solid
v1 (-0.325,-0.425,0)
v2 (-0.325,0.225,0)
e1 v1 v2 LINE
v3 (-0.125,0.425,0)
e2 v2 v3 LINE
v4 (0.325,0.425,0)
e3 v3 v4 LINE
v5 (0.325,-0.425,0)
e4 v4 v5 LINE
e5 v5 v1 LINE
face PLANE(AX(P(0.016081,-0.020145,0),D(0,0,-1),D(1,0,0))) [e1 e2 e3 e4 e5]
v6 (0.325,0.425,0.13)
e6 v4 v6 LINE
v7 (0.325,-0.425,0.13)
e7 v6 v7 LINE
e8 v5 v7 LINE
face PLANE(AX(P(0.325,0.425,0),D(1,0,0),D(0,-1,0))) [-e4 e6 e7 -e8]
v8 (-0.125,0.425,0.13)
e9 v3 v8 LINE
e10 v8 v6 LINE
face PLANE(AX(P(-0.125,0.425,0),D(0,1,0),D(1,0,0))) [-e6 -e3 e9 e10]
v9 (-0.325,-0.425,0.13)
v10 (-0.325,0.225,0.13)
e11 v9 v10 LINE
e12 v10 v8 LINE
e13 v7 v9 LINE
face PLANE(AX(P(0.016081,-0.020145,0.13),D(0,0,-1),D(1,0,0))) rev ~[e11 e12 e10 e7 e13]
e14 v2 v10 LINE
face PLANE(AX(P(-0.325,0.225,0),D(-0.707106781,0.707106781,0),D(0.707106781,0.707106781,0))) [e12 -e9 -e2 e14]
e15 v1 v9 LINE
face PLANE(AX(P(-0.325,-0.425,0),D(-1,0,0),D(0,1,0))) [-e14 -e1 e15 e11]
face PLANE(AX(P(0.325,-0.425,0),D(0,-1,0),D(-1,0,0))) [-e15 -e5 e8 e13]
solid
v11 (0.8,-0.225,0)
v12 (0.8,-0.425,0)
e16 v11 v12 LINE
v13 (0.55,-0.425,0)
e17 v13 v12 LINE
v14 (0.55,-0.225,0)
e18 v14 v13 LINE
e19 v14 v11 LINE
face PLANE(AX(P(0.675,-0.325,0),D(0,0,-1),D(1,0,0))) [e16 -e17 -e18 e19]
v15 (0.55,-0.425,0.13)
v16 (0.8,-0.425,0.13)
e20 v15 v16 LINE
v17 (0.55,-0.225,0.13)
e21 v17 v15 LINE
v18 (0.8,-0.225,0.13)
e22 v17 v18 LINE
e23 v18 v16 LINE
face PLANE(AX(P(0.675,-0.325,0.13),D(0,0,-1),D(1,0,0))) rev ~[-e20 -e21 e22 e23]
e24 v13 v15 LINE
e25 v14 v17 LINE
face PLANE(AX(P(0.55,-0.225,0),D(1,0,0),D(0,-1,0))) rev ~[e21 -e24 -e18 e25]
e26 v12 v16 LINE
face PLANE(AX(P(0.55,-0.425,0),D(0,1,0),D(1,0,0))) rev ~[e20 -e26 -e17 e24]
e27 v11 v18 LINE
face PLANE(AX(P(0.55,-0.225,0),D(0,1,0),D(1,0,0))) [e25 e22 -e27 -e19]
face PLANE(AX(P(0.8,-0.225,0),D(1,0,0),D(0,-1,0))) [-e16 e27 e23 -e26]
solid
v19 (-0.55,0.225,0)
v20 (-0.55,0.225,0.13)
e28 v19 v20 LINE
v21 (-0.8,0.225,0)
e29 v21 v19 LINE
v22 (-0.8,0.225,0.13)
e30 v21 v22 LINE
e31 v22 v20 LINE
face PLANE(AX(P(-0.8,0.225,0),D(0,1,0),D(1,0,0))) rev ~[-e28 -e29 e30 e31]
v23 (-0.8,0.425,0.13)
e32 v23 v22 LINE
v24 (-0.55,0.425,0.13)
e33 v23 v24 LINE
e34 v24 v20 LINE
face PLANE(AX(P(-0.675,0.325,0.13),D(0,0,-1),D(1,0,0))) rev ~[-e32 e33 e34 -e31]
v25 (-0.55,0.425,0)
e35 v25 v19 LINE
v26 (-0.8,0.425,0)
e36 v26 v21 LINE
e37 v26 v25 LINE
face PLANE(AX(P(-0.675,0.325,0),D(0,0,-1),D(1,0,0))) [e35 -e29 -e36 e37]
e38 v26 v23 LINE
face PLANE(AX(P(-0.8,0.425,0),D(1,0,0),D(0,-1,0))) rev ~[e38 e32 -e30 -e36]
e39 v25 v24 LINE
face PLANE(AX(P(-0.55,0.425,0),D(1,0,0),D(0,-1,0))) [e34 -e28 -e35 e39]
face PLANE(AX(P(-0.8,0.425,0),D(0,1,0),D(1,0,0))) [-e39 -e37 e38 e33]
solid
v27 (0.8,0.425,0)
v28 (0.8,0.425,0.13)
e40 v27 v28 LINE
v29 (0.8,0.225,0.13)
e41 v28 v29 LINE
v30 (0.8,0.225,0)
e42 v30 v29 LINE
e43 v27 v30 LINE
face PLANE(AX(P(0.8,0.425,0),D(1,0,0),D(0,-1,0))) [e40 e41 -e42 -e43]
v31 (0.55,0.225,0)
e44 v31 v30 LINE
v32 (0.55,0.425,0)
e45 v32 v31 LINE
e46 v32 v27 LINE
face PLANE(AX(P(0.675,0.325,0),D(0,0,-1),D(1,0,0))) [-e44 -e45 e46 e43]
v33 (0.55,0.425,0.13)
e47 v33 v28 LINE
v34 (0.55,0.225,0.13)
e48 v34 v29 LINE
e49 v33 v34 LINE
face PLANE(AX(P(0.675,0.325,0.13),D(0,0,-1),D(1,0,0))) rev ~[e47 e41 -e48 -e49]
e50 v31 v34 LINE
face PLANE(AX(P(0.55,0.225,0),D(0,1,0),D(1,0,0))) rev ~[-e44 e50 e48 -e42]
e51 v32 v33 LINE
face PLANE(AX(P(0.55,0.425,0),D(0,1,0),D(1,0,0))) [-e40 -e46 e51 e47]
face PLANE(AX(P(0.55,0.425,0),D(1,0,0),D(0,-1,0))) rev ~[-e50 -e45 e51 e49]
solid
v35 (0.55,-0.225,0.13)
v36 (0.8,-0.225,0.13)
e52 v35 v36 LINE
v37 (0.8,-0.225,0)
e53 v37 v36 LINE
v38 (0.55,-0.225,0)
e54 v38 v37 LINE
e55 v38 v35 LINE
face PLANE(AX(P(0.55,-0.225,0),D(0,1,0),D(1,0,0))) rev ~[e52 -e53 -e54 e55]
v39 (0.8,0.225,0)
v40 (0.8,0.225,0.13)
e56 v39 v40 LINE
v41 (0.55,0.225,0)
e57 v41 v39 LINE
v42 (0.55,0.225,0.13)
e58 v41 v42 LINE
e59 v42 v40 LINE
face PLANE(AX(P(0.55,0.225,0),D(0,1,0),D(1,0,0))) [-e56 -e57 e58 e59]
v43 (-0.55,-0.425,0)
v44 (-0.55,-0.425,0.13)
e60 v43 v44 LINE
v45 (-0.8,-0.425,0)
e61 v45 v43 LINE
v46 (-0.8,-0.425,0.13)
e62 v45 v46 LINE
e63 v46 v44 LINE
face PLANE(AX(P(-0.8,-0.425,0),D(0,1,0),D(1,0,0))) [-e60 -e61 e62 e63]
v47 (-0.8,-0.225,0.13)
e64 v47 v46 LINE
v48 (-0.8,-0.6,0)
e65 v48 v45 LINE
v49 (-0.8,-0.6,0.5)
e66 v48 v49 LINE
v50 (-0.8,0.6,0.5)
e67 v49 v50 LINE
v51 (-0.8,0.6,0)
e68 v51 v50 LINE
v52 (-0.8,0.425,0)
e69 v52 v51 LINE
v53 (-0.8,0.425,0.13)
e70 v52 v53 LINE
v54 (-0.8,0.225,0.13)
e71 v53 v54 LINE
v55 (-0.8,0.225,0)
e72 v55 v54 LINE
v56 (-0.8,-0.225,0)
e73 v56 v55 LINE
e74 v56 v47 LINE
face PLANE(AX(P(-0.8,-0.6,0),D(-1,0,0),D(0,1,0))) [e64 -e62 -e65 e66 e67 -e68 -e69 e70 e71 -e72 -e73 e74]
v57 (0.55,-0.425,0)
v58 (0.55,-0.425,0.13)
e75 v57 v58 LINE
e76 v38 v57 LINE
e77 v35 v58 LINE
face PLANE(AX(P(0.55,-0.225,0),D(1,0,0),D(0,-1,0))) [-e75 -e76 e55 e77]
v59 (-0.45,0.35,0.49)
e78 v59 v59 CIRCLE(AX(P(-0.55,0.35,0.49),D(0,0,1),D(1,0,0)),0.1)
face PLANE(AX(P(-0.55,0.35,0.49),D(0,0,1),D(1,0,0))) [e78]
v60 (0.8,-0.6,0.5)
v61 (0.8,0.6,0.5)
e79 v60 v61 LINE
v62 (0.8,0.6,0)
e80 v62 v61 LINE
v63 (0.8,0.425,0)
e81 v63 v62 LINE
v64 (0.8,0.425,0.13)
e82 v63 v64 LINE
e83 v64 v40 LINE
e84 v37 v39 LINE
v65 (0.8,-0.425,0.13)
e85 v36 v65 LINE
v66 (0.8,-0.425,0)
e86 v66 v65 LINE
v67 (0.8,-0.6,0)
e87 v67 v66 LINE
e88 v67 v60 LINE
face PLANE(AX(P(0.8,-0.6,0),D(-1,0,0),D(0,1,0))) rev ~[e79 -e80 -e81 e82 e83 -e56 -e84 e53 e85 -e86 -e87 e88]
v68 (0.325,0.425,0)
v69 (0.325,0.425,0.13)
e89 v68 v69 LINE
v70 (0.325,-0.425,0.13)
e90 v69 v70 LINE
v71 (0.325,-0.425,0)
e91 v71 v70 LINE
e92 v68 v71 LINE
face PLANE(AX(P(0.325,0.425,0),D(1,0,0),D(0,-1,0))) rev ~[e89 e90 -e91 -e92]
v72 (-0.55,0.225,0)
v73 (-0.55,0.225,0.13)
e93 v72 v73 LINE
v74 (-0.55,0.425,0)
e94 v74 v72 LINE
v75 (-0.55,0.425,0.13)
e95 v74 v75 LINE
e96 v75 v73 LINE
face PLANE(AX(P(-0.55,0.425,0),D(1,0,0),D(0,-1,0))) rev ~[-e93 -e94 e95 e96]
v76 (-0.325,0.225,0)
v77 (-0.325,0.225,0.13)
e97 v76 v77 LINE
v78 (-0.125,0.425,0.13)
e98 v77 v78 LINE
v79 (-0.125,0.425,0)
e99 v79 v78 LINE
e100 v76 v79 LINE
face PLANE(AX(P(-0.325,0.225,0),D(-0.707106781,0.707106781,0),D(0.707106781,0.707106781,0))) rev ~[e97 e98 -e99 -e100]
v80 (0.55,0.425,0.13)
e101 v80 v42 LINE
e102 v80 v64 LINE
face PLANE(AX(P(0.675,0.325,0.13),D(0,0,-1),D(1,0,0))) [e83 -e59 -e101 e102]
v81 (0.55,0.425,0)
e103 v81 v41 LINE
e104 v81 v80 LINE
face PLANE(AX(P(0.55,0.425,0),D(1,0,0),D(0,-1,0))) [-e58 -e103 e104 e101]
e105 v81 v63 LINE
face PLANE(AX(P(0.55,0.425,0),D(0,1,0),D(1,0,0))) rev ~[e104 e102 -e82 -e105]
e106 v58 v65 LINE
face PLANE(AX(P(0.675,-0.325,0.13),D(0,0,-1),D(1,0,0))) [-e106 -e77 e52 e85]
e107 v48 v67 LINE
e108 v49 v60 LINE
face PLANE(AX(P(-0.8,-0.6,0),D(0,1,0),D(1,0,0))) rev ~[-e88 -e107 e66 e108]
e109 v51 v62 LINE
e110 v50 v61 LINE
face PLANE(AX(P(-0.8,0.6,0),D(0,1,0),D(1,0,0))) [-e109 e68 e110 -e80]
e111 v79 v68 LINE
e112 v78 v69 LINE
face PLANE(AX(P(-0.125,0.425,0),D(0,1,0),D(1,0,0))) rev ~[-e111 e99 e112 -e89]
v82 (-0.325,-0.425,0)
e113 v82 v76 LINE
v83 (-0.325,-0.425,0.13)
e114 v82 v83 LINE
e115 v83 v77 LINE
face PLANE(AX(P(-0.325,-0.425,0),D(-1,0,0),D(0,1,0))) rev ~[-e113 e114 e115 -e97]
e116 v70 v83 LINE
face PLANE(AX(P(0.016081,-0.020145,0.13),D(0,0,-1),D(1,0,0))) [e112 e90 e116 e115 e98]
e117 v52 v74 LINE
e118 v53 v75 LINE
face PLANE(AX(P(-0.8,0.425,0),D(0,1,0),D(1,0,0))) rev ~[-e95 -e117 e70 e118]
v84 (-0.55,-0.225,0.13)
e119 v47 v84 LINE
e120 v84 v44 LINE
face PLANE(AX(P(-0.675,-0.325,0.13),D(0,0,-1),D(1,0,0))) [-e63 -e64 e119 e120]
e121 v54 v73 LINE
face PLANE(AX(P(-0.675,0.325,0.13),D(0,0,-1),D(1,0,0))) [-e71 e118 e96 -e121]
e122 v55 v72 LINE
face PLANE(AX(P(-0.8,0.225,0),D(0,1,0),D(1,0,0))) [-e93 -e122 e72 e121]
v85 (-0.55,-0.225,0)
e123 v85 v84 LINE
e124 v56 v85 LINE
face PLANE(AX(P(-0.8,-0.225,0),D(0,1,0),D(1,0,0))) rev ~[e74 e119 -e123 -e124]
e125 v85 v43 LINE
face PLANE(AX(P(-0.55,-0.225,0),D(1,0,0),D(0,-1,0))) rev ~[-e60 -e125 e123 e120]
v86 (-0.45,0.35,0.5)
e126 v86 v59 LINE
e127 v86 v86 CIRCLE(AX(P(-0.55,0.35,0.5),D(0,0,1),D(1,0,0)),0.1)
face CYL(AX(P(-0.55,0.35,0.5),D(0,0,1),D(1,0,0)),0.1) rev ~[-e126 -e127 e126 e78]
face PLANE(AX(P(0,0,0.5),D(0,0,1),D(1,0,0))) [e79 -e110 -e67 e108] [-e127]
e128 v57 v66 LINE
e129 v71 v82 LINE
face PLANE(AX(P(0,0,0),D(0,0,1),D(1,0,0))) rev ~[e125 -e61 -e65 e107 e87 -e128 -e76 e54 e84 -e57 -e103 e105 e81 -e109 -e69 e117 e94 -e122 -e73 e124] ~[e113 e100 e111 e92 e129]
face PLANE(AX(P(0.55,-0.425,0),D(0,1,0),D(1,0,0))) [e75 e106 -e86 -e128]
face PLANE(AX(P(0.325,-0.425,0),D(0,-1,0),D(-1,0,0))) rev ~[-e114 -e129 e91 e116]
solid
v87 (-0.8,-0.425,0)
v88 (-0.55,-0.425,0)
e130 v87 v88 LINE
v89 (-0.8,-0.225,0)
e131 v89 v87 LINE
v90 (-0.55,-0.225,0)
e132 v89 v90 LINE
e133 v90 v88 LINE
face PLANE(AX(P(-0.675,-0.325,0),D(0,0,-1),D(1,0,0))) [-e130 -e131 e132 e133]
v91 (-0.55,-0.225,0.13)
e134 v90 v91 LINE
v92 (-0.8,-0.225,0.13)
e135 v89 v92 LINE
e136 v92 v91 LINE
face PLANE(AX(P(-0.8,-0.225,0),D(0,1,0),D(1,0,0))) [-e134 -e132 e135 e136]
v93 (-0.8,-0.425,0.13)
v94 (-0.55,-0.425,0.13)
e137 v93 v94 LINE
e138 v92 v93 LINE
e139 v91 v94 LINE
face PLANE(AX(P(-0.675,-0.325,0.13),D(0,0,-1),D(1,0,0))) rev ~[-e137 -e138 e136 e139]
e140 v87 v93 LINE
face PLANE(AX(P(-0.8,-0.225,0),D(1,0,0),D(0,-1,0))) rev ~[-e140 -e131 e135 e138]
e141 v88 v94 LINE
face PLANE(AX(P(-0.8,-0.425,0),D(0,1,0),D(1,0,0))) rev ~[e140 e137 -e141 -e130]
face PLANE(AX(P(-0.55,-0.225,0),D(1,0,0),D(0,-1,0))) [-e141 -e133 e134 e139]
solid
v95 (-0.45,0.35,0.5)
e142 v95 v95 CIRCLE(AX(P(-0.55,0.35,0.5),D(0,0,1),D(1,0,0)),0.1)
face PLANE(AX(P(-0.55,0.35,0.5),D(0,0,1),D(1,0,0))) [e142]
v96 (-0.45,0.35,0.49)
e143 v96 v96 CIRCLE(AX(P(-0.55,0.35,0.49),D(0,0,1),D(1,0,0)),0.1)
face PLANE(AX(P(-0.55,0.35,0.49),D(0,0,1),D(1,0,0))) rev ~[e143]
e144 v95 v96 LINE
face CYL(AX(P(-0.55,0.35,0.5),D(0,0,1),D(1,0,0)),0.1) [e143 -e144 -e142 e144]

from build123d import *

# Parameters (mm, degrees)
F0_W     = 1.6
F0_H     = 1.2
F1_DEPTH = 0.5
F2_W     = 0.25
F2_H     = 0.2
F3_DEPTH = 0.13
F5_R     = 0.1
F6_DEPTH = 0.01


with BuildPart() as f1:
    # F0 (on Top) → F1 (new body)
    with BuildSketch(Plane.XY):
        Rectangle(F0_W, F0_H)
    extrude(amount=F1_DEPTH)


with BuildPart() as f3:
    # F2 (on face) → F3 (new body)
    with BuildSketch(Plane(origin=(0, 0, 0), x_dir=(1, 0, 0), z_dir=(0, 0, -1))):
        with Locations((-0.675, 0.325)):
            Rectangle(F2_W, F2_H)
        with Locations((-0.675, -0.325)):
            Rectangle(F2_W, F2_H)
        with Locations((0.675, 0.325)):
            Rectangle(F2_W, F2_H)
        with Locations((0.675, -0.325)):
            Rectangle(F2_W, F2_H)
        Polygon((0.325, 0.425), (-0.325, 0.425), (-0.325, -0.225), (-0.125, -0.425), (0.325, -0.425), align=None)
    extrude(amount=-F3_DEPTH)


with BuildPart() as f1_1:
    add(f1.part)

    # F4: cut F3
    add(f3.part, mode=Mode.SUBTRACT)


with BuildPart() as f6:
    # F5 (on face) → F6 (new body)
    with BuildSketch(Plane.XY.offset(0.5)):
        with Locations((-0.55, 0.35)):
            Circle(F5_R)
    extrude(amount=-F6_DEPTH)


with BuildPart() as f1_2:
    add(f1_1.part)

    # F7: cut F6
    add(f6.part, mode=Mode.SUBTRACT)


solid = Compound([f3.part, f6.part, f1_2.part])
